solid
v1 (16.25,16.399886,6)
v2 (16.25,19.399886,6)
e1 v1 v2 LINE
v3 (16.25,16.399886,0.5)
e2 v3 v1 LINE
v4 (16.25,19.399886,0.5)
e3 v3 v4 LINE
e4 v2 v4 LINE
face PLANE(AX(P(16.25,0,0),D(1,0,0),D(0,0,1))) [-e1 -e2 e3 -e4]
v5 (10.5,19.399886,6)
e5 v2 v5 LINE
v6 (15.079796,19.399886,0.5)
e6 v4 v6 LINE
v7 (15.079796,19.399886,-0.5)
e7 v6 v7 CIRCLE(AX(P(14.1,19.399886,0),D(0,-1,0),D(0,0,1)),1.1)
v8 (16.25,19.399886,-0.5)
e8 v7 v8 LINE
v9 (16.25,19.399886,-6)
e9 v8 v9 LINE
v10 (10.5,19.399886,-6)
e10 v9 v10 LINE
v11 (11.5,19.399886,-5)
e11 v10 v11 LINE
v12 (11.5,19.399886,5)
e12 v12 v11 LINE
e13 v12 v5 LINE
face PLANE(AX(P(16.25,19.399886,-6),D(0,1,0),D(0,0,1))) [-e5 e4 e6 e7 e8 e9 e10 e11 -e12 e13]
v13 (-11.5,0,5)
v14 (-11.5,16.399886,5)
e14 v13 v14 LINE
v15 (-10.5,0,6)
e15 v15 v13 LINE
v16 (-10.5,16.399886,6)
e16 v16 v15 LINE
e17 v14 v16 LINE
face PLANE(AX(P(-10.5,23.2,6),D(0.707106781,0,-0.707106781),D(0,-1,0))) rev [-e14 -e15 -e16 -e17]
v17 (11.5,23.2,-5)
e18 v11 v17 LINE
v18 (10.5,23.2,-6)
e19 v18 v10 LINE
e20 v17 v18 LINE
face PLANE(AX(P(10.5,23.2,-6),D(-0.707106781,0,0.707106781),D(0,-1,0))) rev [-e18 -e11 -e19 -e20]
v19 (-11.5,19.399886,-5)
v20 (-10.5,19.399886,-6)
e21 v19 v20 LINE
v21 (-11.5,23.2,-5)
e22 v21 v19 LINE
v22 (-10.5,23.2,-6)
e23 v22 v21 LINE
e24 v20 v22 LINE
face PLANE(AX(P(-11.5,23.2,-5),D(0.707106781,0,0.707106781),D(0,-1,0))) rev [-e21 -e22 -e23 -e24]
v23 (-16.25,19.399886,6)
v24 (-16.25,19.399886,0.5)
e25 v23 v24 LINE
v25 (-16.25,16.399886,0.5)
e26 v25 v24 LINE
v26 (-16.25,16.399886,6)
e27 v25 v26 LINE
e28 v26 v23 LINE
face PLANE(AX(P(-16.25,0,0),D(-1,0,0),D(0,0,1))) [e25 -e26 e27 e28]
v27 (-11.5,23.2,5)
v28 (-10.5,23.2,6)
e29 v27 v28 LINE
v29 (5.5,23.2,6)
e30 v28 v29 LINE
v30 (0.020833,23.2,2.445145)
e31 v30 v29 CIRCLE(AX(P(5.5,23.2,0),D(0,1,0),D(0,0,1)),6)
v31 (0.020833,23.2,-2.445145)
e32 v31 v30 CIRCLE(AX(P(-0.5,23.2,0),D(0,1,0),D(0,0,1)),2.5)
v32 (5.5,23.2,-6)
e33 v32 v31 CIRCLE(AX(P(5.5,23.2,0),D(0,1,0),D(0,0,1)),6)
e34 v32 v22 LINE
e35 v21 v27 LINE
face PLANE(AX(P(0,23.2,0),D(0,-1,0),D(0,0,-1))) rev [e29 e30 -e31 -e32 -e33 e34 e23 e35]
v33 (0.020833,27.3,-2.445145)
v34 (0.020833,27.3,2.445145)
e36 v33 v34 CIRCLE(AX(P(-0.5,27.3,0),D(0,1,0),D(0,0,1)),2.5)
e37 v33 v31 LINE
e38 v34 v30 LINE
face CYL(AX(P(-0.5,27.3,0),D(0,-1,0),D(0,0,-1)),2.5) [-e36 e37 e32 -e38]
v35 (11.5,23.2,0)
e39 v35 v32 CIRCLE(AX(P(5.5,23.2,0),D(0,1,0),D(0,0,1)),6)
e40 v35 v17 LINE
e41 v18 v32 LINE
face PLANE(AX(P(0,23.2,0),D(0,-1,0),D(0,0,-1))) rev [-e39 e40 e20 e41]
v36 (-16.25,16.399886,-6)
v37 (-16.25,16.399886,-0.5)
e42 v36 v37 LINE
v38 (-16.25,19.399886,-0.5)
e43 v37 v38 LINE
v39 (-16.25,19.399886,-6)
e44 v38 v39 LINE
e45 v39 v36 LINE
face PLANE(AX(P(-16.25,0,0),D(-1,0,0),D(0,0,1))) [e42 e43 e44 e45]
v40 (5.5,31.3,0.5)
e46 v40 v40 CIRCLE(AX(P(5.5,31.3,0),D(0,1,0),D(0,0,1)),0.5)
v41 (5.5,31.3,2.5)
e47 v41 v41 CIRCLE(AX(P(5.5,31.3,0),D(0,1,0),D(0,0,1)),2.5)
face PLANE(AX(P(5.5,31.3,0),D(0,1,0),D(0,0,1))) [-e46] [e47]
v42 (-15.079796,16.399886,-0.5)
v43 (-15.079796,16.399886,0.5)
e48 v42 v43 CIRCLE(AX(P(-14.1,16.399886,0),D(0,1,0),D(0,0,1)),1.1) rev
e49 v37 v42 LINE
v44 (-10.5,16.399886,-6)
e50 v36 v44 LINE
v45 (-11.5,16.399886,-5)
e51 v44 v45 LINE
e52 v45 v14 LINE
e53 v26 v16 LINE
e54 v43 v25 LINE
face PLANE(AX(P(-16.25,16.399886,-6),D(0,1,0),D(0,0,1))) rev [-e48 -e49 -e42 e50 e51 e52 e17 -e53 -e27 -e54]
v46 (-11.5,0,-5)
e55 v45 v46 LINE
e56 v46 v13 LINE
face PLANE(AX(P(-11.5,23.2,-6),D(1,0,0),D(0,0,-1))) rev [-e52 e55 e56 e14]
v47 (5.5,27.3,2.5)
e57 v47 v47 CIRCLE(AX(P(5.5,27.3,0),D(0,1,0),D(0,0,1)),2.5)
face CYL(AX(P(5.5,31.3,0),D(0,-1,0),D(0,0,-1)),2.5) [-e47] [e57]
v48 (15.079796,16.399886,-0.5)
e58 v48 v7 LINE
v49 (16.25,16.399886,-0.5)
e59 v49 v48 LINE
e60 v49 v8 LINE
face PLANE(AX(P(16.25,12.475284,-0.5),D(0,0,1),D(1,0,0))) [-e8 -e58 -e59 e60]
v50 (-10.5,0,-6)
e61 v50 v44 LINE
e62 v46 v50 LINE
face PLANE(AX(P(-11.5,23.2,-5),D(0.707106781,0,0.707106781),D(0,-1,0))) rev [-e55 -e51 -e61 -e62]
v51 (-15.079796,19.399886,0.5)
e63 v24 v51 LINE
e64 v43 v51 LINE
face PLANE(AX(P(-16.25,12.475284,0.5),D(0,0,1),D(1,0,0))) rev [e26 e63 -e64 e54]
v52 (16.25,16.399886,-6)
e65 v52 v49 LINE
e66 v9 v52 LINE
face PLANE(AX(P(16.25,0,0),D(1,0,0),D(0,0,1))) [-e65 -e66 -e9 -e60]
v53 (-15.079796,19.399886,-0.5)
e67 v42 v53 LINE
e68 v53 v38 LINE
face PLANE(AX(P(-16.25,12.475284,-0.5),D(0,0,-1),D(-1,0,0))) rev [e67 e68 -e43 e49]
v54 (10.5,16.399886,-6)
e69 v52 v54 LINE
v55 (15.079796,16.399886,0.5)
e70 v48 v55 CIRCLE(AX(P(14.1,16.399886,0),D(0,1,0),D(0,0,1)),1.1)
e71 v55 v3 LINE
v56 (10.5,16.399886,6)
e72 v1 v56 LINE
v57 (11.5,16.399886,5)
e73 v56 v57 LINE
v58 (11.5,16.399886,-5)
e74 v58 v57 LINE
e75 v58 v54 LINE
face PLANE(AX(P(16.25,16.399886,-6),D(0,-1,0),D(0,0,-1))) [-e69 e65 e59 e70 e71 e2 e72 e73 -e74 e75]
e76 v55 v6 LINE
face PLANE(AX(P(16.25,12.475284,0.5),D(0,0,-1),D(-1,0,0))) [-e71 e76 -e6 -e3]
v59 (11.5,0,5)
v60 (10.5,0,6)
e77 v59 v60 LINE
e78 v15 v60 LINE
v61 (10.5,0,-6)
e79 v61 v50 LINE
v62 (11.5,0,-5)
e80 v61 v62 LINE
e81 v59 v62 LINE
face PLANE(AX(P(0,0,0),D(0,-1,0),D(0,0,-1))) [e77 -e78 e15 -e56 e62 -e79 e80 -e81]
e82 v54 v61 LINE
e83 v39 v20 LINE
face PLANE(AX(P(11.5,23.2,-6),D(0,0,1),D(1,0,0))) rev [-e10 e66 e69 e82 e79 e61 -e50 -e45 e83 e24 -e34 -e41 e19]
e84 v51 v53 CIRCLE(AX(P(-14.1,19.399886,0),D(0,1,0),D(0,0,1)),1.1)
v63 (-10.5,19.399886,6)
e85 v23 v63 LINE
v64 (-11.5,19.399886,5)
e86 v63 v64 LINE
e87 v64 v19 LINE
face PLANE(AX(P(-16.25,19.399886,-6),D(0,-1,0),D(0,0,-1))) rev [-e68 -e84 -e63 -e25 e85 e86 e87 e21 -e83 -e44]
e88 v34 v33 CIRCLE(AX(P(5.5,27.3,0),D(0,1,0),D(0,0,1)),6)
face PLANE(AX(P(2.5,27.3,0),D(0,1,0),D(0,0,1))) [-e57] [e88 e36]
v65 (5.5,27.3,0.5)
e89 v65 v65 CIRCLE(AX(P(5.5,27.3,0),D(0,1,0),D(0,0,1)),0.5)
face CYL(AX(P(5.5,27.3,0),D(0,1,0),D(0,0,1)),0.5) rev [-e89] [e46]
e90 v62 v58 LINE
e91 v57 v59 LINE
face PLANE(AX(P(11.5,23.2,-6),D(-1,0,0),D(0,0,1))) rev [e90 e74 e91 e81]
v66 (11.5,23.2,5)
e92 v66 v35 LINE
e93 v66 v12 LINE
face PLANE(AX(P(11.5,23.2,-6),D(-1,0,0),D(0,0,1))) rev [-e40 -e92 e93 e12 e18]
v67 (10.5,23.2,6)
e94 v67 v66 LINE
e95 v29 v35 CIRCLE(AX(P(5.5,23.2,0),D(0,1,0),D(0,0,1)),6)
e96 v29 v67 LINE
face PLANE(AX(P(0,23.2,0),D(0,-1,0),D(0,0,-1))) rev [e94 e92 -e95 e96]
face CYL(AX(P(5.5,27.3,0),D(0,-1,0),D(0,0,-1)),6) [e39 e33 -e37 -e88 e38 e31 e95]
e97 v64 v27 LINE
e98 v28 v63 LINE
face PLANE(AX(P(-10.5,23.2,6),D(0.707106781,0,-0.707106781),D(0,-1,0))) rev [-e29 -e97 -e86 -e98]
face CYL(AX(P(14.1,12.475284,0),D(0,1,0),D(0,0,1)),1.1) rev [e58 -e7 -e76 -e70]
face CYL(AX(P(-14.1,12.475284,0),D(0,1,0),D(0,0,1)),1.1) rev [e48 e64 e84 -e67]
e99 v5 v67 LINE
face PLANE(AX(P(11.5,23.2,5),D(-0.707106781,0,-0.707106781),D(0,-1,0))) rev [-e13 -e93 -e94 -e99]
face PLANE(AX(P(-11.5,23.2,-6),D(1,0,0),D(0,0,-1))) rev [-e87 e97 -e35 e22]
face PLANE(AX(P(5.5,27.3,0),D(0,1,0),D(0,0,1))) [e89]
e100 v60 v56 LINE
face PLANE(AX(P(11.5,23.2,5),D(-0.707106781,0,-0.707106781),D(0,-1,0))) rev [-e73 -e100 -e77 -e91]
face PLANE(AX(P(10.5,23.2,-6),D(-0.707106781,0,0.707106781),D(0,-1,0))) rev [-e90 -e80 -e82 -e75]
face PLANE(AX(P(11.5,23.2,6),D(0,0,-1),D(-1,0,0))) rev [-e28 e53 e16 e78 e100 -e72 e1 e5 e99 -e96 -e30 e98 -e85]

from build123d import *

# Parameters (mm, degrees)
CROQUIS1_W              = 23
CROQUIS1_H              = 12
SALIENTE_EXTRUIR1_DEPTH = 23.2
CROQUIS6_R              = 2
CORTAR_EXTRUIR1_DEPTH   = 0.5
SALIENTE_EXTRUIR3_DEPTH = 4.1
CROQUIS8_R              = 2.5
SALIENTE_EXTRUIR4_DEPTH = 4
CROQUIS9_R              = 0.5
CORTAR_EXTRUIR2_DEPTH   = 4
CROQUIS11_W             = 12
CROQUIS11_H             = 3
SALIENTE_EXTRUIR5_DEPTH = 4.75
CORTAR_EXTRUIR3_DEPTH   = 3
CHAFL_N3_SIZE           = 1


with BuildPart() as part:
    # Croquis1 → Saliente-Extruir1 (new body)
    with BuildSketch(Plane(origin=(0, 0, 0), x_dir=(1, 0, 0), z_dir=(0, 1, 0))):
        Rectangle(CROQUIS1_W, CROQUIS1_H)
    saliente_extruir1 = extrude(amount=SALIENTE_EXTRUIR1_DEPTH)

    # Croquis6 → Cortar-Extruir1 (cut)
    with BuildSketch(Plane.XZ):
        with Locations((-11.5, 6)):
            Circle(CROQUIS6_R)
        with Locations((11.5, 6)):
            Circle(CROQUIS6_R)
        with Locations((-11.5, -6)):
            Circle(CROQUIS6_R)
        with Locations((11.5, -6)):
            Circle(CROQUIS6_R)
    extrude(amount=-CORTAR_EXTRUIR1_DEPTH, mode=Mode.SUBTRACT)

    # Croquis7 → Saliente-Extruir3 (add)
    with BuildSketch(Plane(origin=(0, 23.2, 0), x_dir=(1, 0, 0), z_dir=(0, 1, 0))):
        with BuildLine():
            ThreePointArc((0.020833333, -2.445144707), (11.5, 0), (0.020833333, 2.445144707))
            ThreePointArc((0.020833333, 2.445144707), (-3, 0), (0.020833333, -2.445144707))
        make_face()
    extrude(amount=SALIENTE_EXTRUIR3_DEPTH)

    # Croquis8 → Saliente-Extruir4 (add)
    with BuildSketch(Plane(origin=(0, 27.3, 0), x_dir=(1, 0, 0), z_dir=(0, 1, 0))):
        with Locations(Location((5.5, 0, 0), (0, 0, 270))):
            Circle(CROQUIS8_R)
    extrude(amount=SALIENTE_EXTRUIR4_DEPTH)

    # Croquis9 → Cortar-Extruir2 (cut)
    with BuildSketch(Plane(origin=(0, 31.3, 0), x_dir=(1, 0, 0), z_dir=(0, 1, 0))):
        with Locations(Location((5.5, 0, 0), (0, 0, 270))):
            Circle(CROQUIS9_R)
    extrude(amount=-CORTAR_EXTRUIR2_DEPTH, mode=Mode.SUBTRACT)

    # Croquis11 → Saliente-Extruir5 (add)
    with BuildSketch(Plane.ZY.offset(11.5)):
        with Locations((0, 17.89988551)):
            Rectangle(CROQUIS11_W, CROQUIS11_H)
    saliente_extruir5 = extrude(amount=SALIENTE_EXTRUIR5_DEPTH)

    # Croquis12 → Cortar-Extruir3 (cut)
    with BuildSketch(Plane(origin=(0, 19.39988551, 0), x_dir=(1, 0, 0), z_dir=(0, 1, 0))):
        with BuildLine():
            Line((-16.25, 0.5), (-15.079795897, 0.5))
            ThreePointArc((-15.079795897, 0.5), (-13, 0), (-15.079795897, -0.5))
            Line((-15.079795897, -0.5), (-16.25, -0.5))
            Line((-16.25, -0.5), (-16.25, 0.5))
        make_face()
    cortar_extruir3 = extrude(amount=-CORTAR_EXTRUIR3_DEPTH, mode=Mode.SUBTRACT)

    # Simetría1: Saliente-Extruir1, Saliente-Extruir5, Cortar-Extruir3 across plane
    add(saliente_extruir1.mirror(Plane.ZY))
    add(saliente_extruir5.mirror(Plane.ZY))
    add(cortar_extruir3.mirror(Plane.ZY), mode=Mode.SUBTRACT)

    # Chaflán3
    chafl_n3_edges = [part.edges().sort_by_distance(p)[0] for p in [
        (11.5, 8.199942755, -6),
        (11.5, 8.199942755, 6),
        (-11.5, 8.199942755, 6),
        (-11.5, 8.199942755, -6),
        (-11.5, 21.299942755, -6),
        (11.5, 21.299942755, -6),
        (11.5, 21.299942755, 6),
        (-11.5, 21.299942755, 6),
    ]]
    chamfer(chafl_n3_edges, length=CHAFL_N3_SIZE)


solid = part.part
